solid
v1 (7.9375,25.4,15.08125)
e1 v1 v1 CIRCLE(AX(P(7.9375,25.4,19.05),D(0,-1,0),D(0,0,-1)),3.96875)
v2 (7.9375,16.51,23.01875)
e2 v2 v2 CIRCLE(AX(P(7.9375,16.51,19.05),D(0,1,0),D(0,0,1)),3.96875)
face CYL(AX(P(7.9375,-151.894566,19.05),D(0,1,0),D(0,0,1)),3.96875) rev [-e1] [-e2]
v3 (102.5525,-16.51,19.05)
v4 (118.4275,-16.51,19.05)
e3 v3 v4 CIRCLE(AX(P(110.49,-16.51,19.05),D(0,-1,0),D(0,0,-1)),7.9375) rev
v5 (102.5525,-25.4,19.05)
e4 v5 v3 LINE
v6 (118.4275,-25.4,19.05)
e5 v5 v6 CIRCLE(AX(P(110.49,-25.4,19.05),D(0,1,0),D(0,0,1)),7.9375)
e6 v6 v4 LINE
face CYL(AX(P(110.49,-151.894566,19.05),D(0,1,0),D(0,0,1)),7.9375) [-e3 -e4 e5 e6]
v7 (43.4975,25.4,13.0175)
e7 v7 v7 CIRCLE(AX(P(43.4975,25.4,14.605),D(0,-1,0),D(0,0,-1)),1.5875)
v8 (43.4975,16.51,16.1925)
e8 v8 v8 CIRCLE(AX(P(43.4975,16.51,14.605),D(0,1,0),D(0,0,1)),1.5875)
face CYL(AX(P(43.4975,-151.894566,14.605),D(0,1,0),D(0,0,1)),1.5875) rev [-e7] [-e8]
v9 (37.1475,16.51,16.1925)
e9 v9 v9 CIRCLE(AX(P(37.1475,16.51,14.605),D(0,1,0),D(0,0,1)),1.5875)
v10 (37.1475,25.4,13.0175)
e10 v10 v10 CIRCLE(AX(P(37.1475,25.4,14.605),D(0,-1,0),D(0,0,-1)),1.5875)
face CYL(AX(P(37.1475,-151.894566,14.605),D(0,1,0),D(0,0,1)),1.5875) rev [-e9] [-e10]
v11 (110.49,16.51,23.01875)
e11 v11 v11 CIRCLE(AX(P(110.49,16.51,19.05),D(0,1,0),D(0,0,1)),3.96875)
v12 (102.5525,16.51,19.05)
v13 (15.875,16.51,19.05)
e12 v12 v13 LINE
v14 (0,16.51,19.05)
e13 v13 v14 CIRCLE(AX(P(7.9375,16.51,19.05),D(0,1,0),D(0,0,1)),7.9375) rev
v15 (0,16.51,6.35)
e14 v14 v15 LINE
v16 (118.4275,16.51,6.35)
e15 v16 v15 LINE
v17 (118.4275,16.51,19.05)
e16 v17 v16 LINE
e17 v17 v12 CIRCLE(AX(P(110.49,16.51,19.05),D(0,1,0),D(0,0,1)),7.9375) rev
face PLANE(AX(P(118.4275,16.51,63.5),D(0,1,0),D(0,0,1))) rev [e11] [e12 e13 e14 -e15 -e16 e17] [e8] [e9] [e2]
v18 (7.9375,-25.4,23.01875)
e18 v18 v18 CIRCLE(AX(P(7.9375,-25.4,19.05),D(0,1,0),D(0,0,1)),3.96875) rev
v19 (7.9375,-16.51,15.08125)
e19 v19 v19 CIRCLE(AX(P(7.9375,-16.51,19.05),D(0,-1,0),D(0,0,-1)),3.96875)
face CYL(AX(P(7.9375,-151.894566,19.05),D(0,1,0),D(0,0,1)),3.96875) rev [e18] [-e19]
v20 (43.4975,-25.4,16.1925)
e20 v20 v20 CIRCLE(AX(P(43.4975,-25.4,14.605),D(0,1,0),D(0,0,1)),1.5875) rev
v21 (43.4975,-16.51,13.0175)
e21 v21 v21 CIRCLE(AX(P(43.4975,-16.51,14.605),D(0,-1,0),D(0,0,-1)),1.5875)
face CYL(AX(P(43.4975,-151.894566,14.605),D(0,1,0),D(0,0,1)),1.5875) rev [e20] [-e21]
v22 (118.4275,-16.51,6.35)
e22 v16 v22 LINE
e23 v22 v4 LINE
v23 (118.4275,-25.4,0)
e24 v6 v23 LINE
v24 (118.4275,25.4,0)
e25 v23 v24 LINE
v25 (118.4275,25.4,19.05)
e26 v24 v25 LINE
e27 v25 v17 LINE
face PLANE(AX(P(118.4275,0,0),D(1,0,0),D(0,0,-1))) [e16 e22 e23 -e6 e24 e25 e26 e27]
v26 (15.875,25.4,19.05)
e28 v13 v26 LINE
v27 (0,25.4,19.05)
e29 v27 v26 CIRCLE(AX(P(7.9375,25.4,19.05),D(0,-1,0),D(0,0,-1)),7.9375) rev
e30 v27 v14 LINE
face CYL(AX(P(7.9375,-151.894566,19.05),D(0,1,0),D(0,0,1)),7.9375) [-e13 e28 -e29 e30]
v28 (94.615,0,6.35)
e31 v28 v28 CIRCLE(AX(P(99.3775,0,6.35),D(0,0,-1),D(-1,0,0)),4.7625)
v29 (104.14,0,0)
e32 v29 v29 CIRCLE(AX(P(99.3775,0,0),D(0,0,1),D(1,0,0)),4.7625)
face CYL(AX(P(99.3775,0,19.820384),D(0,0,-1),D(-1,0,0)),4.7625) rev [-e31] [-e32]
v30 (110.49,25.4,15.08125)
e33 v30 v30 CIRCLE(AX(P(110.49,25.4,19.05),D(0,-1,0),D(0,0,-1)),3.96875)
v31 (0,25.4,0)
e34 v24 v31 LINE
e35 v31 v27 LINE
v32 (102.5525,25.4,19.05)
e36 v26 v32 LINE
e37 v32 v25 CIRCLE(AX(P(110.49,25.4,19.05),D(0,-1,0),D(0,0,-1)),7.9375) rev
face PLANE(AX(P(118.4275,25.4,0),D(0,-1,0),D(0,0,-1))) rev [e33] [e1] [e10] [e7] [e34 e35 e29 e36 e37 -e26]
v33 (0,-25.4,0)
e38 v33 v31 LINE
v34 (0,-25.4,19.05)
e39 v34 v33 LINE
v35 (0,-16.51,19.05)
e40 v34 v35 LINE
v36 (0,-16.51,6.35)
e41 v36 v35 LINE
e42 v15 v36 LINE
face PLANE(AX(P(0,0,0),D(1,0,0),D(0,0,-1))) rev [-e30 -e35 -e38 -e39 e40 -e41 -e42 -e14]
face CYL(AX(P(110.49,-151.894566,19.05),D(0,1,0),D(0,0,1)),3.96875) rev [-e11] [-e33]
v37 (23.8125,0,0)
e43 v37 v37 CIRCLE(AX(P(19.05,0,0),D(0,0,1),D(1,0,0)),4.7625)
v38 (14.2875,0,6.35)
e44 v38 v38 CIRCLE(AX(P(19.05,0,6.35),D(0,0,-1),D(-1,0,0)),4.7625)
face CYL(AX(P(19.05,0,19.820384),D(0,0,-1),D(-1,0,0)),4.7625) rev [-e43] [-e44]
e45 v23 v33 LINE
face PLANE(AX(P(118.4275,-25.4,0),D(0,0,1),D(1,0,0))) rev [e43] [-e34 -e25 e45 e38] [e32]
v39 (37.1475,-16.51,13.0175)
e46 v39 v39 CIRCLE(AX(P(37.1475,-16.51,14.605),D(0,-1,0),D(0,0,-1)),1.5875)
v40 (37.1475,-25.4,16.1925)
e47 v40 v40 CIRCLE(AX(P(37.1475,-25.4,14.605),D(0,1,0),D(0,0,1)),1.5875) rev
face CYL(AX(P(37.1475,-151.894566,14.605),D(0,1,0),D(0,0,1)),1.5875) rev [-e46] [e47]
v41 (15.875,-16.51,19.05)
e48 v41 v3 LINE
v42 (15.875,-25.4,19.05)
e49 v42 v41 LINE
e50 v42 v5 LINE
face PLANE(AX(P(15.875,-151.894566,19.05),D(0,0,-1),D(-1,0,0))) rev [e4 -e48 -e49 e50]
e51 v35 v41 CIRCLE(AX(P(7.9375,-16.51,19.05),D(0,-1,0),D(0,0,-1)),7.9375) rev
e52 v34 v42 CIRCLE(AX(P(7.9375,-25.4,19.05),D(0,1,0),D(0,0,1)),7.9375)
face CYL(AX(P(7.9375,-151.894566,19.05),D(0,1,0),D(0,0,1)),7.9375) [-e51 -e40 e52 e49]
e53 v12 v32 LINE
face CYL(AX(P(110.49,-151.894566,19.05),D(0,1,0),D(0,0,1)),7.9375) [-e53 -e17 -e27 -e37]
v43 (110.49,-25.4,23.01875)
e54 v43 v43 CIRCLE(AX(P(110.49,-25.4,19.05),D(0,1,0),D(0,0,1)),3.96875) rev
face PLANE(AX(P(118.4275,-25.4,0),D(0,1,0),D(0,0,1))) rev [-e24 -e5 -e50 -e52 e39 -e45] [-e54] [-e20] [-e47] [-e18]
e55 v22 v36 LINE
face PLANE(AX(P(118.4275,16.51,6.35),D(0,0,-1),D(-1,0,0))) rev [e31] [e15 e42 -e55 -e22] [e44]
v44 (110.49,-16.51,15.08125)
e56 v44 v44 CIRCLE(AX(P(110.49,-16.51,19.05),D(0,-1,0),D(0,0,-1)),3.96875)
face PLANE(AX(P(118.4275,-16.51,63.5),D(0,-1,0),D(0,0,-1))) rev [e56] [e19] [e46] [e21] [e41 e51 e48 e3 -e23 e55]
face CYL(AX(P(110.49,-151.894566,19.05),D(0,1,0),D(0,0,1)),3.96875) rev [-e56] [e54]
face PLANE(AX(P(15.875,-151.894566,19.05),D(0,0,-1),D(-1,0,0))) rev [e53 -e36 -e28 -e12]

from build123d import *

# Parameters (mm, degrees)
BOSS_EXTRUDE1_DEPTH            = 118.4275
CUT_EXTRUDE1_REACH             = 138.757
SKETCH3_R                      = 3.96875
SKETCH3_R_2                    = 1.5875
CUT_EXTRUDE1_DIRECTION_2_REACH = 138.757
SKETCH4_R                      = 4.7625
CUT_EXTRUDE2_DEPTH             = 6.35


with BuildPart() as part:
    # Sketch2 → Boss-Extrude1 (new body)
    with BuildSketch(Plane(origin=(0, 0, 0), x_dir=(0, 0, -1), z_dir=(1, 0, 0))):
        Polygon((0, -25.4), (0, 25.4), (-63.5, 25.4), (-63.5, 16.51), (-6.35, 16.51), (-6.35, -16.51), (-63.5, -16.51), (-63.5, -25.4), align=None)
    extrude(amount=BOSS_EXTRUDE1_DEPTH)

    # Cut-Extrude1: up to this face of the body (flat: up to its plane)
    cut_extrude1_end = Plane(part.part.faces().sort_by_distance((59.21375, -25.4, 31.75))[0])
    # Sketch3 → Cut-Extrude1 (cut, up to the picked face)
    with BuildSketch(Plane(origin=(0, 0, 0), x_dir=(1, 0, 0), z_dir=(0, 1, 0)), mode=Mode.PRIVATE) as cut_extrude1_sk1:
        with Locations(Location((7.9375, -19.05, 0), (0, 0, 270))):
            Circle(SKETCH3_R)
    cut_extrude1_tool1 = split(extrude(cut_extrude1_sk1.sketch, amount=-CUT_EXTRUDE1_REACH, mode=Mode.PRIVATE), bisect_by=cut_extrude1_end, keep=Keep.BOTH, mode=Mode.PRIVATE)
    # Sketch3 → Cut-Extrude1 (cut, up to the picked face)
    with BuildSketch(Plane(origin=(0, 0, 0), x_dir=(1, 0, 0), z_dir=(0, 1, 0)), mode=Mode.PRIVATE) as cut_extrude1_sk2:
        with Locations(Location((110.49, -19.05, 0), (0, 0, 270))):
            Circle(SKETCH3_R)
    cut_extrude1_tool2 = split(extrude(cut_extrude1_sk2.sketch, amount=-CUT_EXTRUDE1_REACH, mode=Mode.PRIVATE), bisect_by=cut_extrude1_end, keep=Keep.BOTH, mode=Mode.PRIVATE)
    # Sketch3 → Cut-Extrude1 (cut, up to the picked face)
    with BuildSketch(Plane(origin=(0, 0, 0), x_dir=(1, 0, 0), z_dir=(0, 1, 0)), mode=Mode.PRIVATE) as cut_extrude1_sk3:
        with Locations(Location((37.1475, -14.605, 0), (0, 0, 270))):
            Circle(SKETCH3_R_2)
    cut_extrude1_tool3 = split(extrude(cut_extrude1_sk3.sketch, amount=-CUT_EXTRUDE1_REACH, mode=Mode.PRIVATE), bisect_by=cut_extrude1_end, keep=Keep.BOTH, mode=Mode.PRIVATE)
    # Sketch3 → Cut-Extrude1 (cut, up to the picked face)
    with BuildSketch(Plane(origin=(0, 0, 0), x_dir=(1, 0, 0), z_dir=(0, 1, 0)), mode=Mode.PRIVATE) as cut_extrude1_sk4:
        with Locations(Location((43.4975, -14.605, 0), (0, 0, 270))):
            Circle(SKETCH3_R_2)
    cut_extrude1_tool4 = split(extrude(cut_extrude1_sk4.sketch, amount=-CUT_EXTRUDE1_REACH, mode=Mode.PRIVATE), bisect_by=cut_extrude1_end, keep=Keep.BOTH, mode=Mode.PRIVATE)
    # Sketch3 → Cut-Extrude1 (cut, up to the picked face)
    with BuildSketch(Plane(origin=(0, 0, 0), x_dir=(1, 0, 0), z_dir=(0, 1, 0)), mode=Mode.PRIVATE) as cut_extrude1_sk5:
        with BuildLine():
            Line((15.875, -19.05), (102.5525, -19.05))
            ThreePointArc((102.5525, -19.05), (110.49, -26.9875), (118.4275, -19.05))
            Line((118.4275, -19.05), (118.4275, -63.5))
            Line((118.4275, -63.5), (0, -63.5))
            Line((0, -63.5), (0, -19.05))
            ThreePointArc((0, -19.05), (7.9375, -26.9875), (15.875, -19.05))
        make_face()
    cut_extrude1_tool5 = split(extrude(cut_extrude1_sk5.sketch, amount=-CUT_EXTRUDE1_REACH, mode=Mode.PRIVATE), bisect_by=cut_extrude1_end, keep=Keep.BOTH, mode=Mode.PRIVATE)
    add(cut_extrude1_tool1.solids().sort_by(Axis((7.9375, 0, 19.05), (0, -1, 0)))[0], mode=Mode.SUBTRACT)
    add(cut_extrude1_tool2.solids().sort_by(Axis((110.49, 0, 19.05), (0, -1, 0)))[0], mode=Mode.SUBTRACT)
    add(cut_extrude1_tool3.solids().sort_by(Axis((37.1475, 0, 14.605), (0, -1, 0)))[0], mode=Mode.SUBTRACT)
    add(cut_extrude1_tool4.solids().sort_by(Axis((43.4975, 0, 14.605), (0, -1, 0)))[0], mode=Mode.SUBTRACT)
    add(cut_extrude1_tool5.solids().sort_by(Axis((59.21375, 0, 42.011703), (0, -1, 0)))[0], mode=Mode.SUBTRACT)

    # Cut-Extrude1 direction 2: up to this face of the body (flat: up to its plane)
    cut_extrude1_direction_2_end = Plane(part.part.faces().sort_by_distance((59.21375, 25.4, 31.75))[0])
    # Sketch3 → Cut-Extrude1 direction 2 (cut, up to the picked face)
    with BuildSketch(Plane(origin=(0, 0, 0), x_dir=(1, 0, 0), z_dir=(0, 1, 0)), mode=Mode.PRIVATE) as cut_extrude1_direction_2_sk1:
        with Locations(Location((7.9375, -19.05, 0), (0, 0, 270))):
            Circle(SKETCH3_R)
    cut_extrude1_direction_2_tool1 = split(extrude(cut_extrude1_direction_2_sk1.sketch, amount=CUT_EXTRUDE1_DIRECTION_2_REACH, mode=Mode.PRIVATE), bisect_by=cut_extrude1_direction_2_end, keep=Keep.BOTH, mode=Mode.PRIVATE)
    # Sketch3 → Cut-Extrude1 direction 2 (cut, up to the picked face)
    with BuildSketch(Plane(origin=(0, 0, 0), x_dir=(1, 0, 0), z_dir=(0, 1, 0)), mode=Mode.PRIVATE) as cut_extrude1_direction_2_sk2:
        with Locations(Location((110.49, -19.05, 0), (0, 0, 270))):
            Circle(SKETCH3_R)
    cut_extrude1_direction_2_tool2 = split(extrude(cut_extrude1_direction_2_sk2.sketch, amount=CUT_EXTRUDE1_DIRECTION_2_REACH, mode=Mode.PRIVATE), bisect_by=cut_extrude1_direction_2_end, keep=Keep.BOTH, mode=Mode.PRIVATE)
    # Sketch3 → Cut-Extrude1 direction 2 (cut, up to the picked face)
    with BuildSketch(Plane(origin=(0, 0, 0), x_dir=(1, 0, 0), z_dir=(0, 1, 0)), mode=Mode.PRIVATE) as cut_extrude1_direction_2_sk3:
        with Locations(Location((37.1475, -14.605, 0), (0, 0, 270))):
            Circle(SKETCH3_R_2)
    cut_extrude1_direction_2_tool3 = split(extrude(cut_extrude1_direction_2_sk3.sketch, amount=CUT_EXTRUDE1_DIRECTION_2_REACH, mode=Mode.PRIVATE), bisect_by=cut_extrude1_direction_2_end, keep=Keep.BOTH, mode=Mode.PRIVATE)
    # Sketch3 → Cut-Extrude1 direction 2 (cut, up to the picked face)
    with BuildSketch(Plane(origin=(0, 0, 0), x_dir=(1, 0, 0), z_dir=(0, 1, 0)), mode=Mode.PRIVATE) as cut_extrude1_direction_2_sk4:
        with Locations(Location((43.4975, -14.605, 0), (0, 0, 270))):
            Circle(SKETCH3_R_2)
    cut_extrude1_direction_2_tool4 = split(extrude(cut_extrude1_direction_2_sk4.sketch, amount=CUT_EXTRUDE1_DIRECTION_2_REACH, mode=Mode.PRIVATE), bisect_by=cut_extrude1_direction_2_end, keep=Keep.BOTH, mode=Mode.PRIVATE)
    # Sketch3 → Cut-Extrude1 direction 2 (cut, up to the picked face)
    with BuildSketch(Plane(origin=(0, 0, 0), x_dir=(1, 0, 0), z_dir=(0, 1, 0)), mode=Mode.PRIVATE) as cut_extrude1_direction_2_sk5:
        with BuildLine():
            Line((15.875, -19.05), (102.5525, -19.05))
            ThreePointArc((102.5525, -19.05), (110.49, -26.9875), (118.4275, -19.05))
            Line((118.4275, -19.05), (118.4275, -63.5))
            Line((118.4275, -63.5), (0, -63.5))
            Line((0, -63.5), (0, -19.05))
            ThreePointArc((0, -19.05), (7.9375, -26.9875), (15.875, -19.05))
        make_face()
    cut_extrude1_direction_2_tool5 = split(extrude(cut_extrude1_direction_2_sk5.sketch, amount=CUT_EXTRUDE1_DIRECTION_2_REACH, mode=Mode.PRIVATE), bisect_by=cut_extrude1_direction_2_end, keep=Keep.BOTH, mode=Mode.PRIVATE)
    add(cut_extrude1_direction_2_tool1.solids().sort_by(Axis((7.9375, 0, 19.05), (0, 1, 0)))[0], mode=Mode.SUBTRACT)
    add(cut_extrude1_direction_2_tool2.solids().sort_by(Axis((110.49, 0, 19.05), (0, 1, 0)))[0], mode=Mode.SUBTRACT)
    add(cut_extrude1_direction_2_tool3.solids().sort_by(Axis((37.1475, 0, 14.605), (0, 1, 0)))[0], mode=Mode.SUBTRACT)
    add(cut_extrude1_direction_2_tool4.solids().sort_by(Axis((43.4975, 0, 14.605), (0, 1, 0)))[0], mode=Mode.SUBTRACT)
    add(cut_extrude1_direction_2_tool5.solids().sort_by(Axis((59.21375, 0, 42.011703), (0, 1, 0)))[0], mode=Mode.SUBTRACT)

    # Sketch4 → Cut-Extrude2 (cut)
    with BuildSketch(Plane.XY):
        with Locations(Location((19.05, 0, 0), (0, 0, 180))):
            Circle(SKETCH4_R)
        with Locations(Location((99.3775, 0, 0), (0, 0, 180))):
            Circle(SKETCH4_R)
    extrude(amount=CUT_EXTRUDE2_DEPTH, mode=Mode.SUBTRACT)


solid = part.part
